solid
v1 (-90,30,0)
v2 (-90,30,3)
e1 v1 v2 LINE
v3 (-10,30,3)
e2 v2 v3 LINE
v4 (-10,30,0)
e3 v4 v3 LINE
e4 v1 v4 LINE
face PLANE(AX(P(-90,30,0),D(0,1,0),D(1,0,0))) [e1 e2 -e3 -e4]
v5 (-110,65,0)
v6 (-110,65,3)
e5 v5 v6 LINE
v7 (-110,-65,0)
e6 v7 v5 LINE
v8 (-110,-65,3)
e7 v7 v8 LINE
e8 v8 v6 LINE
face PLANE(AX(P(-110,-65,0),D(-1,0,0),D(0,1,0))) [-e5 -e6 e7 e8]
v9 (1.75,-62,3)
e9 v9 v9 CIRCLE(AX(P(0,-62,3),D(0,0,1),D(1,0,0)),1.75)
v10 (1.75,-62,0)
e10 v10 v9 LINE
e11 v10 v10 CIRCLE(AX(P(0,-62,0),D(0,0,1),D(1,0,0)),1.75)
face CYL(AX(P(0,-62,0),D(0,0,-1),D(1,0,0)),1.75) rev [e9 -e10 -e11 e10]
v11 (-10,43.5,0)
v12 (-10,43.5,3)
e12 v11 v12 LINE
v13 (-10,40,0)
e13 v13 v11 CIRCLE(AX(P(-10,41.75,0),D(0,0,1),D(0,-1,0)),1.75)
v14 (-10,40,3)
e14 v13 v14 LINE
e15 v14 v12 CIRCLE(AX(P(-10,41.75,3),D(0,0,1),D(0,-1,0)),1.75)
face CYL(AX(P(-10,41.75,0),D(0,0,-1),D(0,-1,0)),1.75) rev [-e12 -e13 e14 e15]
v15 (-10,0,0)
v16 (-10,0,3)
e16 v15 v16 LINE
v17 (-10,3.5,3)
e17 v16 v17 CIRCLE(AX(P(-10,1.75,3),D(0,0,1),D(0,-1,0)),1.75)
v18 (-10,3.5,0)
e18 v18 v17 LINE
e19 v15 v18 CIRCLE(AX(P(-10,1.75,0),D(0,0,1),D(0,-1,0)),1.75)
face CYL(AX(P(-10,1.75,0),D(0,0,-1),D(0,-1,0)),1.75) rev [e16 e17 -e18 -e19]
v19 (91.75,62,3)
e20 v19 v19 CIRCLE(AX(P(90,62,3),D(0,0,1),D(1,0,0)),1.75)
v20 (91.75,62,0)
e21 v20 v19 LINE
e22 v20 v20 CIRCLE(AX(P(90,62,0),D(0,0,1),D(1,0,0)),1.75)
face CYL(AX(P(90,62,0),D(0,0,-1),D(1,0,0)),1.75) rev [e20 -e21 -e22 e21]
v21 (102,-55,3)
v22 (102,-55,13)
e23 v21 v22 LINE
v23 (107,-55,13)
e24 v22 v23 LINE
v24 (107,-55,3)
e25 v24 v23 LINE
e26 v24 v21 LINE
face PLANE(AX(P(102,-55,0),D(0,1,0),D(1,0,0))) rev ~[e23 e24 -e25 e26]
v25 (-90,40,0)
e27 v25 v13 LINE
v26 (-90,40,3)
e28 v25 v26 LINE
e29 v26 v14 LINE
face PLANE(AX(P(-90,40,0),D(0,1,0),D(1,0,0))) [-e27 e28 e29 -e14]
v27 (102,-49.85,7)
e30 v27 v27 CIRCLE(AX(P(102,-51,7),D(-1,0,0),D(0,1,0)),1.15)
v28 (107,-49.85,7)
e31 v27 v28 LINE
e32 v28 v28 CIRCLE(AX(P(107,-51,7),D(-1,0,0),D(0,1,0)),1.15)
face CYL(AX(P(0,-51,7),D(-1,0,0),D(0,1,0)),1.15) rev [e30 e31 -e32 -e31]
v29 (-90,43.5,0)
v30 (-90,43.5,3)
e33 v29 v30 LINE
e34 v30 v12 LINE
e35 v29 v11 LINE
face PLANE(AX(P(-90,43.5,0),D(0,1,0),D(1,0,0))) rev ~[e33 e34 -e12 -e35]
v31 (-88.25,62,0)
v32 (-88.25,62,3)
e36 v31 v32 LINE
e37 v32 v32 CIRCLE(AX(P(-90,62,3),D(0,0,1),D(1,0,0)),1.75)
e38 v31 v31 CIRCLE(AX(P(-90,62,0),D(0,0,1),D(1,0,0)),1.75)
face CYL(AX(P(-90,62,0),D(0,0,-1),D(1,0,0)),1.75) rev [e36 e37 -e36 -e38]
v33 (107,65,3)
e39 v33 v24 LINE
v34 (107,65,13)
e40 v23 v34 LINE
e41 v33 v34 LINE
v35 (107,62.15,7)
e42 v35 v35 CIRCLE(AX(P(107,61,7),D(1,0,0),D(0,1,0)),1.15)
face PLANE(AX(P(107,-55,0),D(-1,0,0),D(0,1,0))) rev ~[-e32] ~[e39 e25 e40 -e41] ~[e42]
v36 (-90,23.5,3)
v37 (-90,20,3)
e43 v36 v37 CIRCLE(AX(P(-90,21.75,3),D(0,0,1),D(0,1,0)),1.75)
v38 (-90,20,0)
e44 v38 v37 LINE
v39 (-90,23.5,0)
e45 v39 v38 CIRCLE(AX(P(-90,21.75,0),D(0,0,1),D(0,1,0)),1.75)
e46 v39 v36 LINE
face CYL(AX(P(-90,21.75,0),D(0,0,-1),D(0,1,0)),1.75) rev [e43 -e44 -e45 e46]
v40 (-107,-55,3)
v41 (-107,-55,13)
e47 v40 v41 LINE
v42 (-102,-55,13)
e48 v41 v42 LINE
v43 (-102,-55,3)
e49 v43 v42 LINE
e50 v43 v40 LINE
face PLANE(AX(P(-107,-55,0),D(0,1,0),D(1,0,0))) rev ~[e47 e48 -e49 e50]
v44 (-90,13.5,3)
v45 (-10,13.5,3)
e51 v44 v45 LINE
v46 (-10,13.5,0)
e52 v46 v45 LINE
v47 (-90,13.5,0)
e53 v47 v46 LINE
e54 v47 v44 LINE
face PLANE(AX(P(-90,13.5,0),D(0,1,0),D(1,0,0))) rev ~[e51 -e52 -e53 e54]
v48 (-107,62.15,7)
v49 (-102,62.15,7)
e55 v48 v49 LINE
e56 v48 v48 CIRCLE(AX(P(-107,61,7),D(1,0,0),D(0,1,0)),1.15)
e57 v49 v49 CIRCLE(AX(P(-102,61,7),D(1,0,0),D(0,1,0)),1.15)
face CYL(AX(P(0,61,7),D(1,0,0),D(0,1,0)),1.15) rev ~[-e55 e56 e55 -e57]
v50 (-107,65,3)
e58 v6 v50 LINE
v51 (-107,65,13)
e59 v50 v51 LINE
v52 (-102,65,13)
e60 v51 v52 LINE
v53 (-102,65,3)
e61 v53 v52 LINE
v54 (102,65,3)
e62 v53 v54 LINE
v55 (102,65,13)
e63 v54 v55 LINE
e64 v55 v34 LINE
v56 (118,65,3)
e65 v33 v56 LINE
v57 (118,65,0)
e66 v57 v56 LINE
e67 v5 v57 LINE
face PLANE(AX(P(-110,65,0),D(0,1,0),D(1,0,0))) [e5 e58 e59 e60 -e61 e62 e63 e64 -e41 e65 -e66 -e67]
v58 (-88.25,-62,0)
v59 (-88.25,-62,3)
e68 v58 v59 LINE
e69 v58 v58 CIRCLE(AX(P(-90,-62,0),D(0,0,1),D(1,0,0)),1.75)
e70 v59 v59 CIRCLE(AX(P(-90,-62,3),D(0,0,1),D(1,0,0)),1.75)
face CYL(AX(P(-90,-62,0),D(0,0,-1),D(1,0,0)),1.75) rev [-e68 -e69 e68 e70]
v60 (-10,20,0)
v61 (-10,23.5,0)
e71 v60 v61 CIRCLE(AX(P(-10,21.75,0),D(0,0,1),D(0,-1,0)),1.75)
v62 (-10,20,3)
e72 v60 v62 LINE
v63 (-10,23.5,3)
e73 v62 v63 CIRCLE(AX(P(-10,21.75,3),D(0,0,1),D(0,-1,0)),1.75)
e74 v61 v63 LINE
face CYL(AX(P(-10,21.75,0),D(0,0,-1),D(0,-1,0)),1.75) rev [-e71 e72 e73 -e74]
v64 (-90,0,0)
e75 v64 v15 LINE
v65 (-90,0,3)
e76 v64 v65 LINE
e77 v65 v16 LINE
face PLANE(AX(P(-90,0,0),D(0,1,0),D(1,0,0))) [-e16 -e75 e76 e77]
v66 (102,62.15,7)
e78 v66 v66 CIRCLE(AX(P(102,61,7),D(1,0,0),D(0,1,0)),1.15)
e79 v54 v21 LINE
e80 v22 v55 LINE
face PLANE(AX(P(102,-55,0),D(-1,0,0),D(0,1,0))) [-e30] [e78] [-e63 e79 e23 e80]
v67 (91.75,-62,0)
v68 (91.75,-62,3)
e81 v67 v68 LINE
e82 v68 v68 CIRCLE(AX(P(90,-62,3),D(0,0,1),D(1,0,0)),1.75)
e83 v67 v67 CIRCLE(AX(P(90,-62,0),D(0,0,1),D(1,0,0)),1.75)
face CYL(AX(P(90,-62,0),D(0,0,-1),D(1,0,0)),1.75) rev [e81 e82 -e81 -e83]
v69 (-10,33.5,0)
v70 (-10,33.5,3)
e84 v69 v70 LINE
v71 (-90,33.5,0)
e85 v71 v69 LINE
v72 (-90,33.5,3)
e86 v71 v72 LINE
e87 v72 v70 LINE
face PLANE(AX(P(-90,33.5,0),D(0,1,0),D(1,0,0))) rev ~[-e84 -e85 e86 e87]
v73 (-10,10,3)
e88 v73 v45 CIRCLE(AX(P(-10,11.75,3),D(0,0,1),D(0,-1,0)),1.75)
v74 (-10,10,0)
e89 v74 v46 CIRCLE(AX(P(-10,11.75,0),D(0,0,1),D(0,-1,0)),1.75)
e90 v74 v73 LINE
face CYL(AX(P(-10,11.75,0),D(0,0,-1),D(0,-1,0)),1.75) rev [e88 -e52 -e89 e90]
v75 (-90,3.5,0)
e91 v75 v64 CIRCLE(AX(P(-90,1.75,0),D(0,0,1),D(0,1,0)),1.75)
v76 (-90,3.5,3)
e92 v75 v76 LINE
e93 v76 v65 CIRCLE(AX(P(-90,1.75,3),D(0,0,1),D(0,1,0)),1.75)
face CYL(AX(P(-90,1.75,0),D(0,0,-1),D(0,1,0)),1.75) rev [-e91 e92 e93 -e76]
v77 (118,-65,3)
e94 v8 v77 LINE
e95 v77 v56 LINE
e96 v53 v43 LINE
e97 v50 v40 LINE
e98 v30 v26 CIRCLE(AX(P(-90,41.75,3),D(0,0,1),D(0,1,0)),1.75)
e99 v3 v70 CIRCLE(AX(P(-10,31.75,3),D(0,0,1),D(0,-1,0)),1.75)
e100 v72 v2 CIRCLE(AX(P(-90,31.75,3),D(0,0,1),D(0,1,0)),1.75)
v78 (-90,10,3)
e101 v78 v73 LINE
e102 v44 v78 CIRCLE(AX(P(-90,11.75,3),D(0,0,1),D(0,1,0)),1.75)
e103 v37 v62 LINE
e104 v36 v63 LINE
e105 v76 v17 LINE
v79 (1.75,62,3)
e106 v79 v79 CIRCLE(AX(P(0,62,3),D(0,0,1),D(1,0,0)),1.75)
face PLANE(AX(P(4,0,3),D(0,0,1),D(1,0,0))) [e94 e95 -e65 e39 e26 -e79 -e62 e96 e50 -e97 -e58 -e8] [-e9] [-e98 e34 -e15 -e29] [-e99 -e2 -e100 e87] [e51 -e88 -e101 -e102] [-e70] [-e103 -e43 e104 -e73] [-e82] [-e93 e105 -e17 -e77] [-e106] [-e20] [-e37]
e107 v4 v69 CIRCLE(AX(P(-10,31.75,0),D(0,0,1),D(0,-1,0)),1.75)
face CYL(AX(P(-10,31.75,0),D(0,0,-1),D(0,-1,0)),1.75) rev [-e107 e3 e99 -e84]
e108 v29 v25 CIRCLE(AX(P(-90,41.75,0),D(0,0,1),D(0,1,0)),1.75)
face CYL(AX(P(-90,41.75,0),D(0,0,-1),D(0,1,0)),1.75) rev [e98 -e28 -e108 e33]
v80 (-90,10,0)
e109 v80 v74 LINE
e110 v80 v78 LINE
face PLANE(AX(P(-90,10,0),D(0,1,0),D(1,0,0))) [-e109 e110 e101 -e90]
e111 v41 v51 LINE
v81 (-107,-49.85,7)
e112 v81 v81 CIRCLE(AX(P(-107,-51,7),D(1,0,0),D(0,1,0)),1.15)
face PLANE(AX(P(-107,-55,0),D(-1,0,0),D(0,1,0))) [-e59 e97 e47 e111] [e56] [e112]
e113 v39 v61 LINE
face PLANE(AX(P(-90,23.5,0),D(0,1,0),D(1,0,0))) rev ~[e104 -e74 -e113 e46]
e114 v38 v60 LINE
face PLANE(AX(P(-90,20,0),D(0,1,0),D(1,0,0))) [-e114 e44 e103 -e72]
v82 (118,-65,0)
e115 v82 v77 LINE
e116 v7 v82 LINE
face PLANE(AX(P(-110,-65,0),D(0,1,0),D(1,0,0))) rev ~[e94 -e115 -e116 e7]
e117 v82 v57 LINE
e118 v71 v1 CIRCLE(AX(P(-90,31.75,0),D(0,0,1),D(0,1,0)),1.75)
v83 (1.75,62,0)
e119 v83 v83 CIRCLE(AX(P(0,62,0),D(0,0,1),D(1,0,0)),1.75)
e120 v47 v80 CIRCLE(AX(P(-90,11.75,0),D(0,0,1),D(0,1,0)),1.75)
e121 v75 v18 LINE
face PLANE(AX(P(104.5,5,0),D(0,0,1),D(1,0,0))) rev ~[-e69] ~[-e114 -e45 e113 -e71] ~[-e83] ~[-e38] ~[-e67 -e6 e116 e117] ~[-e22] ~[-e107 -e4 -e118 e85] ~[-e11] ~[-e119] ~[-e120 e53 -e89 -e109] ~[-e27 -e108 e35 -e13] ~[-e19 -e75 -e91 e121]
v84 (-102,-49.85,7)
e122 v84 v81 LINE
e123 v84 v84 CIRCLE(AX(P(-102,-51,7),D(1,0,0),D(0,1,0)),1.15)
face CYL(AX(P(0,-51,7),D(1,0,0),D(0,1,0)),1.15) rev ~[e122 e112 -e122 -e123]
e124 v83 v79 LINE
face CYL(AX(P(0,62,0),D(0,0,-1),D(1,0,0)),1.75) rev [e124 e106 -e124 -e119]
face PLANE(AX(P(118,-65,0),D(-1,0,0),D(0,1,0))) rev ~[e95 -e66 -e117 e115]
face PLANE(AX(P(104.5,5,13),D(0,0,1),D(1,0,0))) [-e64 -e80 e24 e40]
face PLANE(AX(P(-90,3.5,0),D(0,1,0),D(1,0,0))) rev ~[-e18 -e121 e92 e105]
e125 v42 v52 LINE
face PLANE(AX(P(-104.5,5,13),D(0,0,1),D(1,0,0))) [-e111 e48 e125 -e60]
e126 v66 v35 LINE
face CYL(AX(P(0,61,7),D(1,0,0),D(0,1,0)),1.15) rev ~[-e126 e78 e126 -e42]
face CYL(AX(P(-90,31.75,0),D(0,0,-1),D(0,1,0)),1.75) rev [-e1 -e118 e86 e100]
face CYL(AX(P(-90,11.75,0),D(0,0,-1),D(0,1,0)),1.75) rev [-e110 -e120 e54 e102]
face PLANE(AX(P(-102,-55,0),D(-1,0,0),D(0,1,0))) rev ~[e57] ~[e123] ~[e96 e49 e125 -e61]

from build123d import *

# Parameters (mm, degrees)
SKETCH_W     = 228
SKETCH_H     = 130
SKETCH_R     = 1.75
PAD_DEPTH    = 3
SKETCH001_W  = 5
SKETCH001_H  = 120
PAD001_DEPTH = 13
SKETCH002_R  = 1.15
POCKET_DEPTH = 112.5


with BuildPart() as part:
    # Sketch → Pad (new body)
    with BuildSketch(Plane.XY):
        with Locations((4, 0)):
            Rectangle(SKETCH_W, SKETCH_H)
        with Locations((-90, 62)):
            Circle(SKETCH_R, mode=Mode.SUBTRACT)
        with Locations((0, 62)):
            Circle(SKETCH_R, mode=Mode.SUBTRACT)
        with Locations((90, 62)):
            Circle(SKETCH_R, mode=Mode.SUBTRACT)
        with Locations((-90, -62)):
            Circle(SKETCH_R, mode=Mode.SUBTRACT)
        with Locations((0, -62)):
            Circle(SKETCH_R, mode=Mode.SUBTRACT)
        with Locations((90, -62)):
            Circle(SKETCH_R, mode=Mode.SUBTRACT)
        with BuildLine():
            ThreePointArc((-90, 43.5), (-91.75, 41.75), (-90, 40))
            Line((-90, 40), (-10, 40))
            ThreePointArc((-10, 40), (-8.25, 41.75), (-10, 43.5))
            Line((-90, 43.5), (-10, 43.5))
        make_face(mode=Mode.SUBTRACT)
        with BuildLine():
            ThreePointArc((-90, 33.5), (-91.75, 31.75), (-90, 30))
            Line((-90, 30), (-10, 30))
            ThreePointArc((-10, 30), (-8.25, 31.75), (-10, 33.5))
            Line((-90, 33.5), (-10, 33.5))
        make_face(mode=Mode.SUBTRACT)
        with BuildLine():
            ThreePointArc((-90, 23.5), (-91.75, 21.75), (-90, 20))
            Line((-90, 20), (-10, 20))
            ThreePointArc((-10, 20), (-8.25, 21.75), (-10, 23.5))
            Line((-90, 23.5), (-10, 23.5))
        make_face(mode=Mode.SUBTRACT)
        with BuildLine():
            ThreePointArc((-90, 13.5), (-91.75, 11.75), (-90, 10))
            Line((-90, 10), (-10, 10))
            ThreePointArc((-10, 10), (-8.25, 11.75), (-10, 13.5))
            Line((-90, 13.5), (-10, 13.5))
        make_face(mode=Mode.SUBTRACT)
        with BuildLine():
            ThreePointArc((-90, 3.5), (-91.75, 1.75), (-90, 0))
            Line((-90, 0), (-10, 0))
            ThreePointArc((-10, 0), (-8.25, 1.75), (-10, 3.5))
            Line((-90, 3.5), (-10, 3.5))
        make_face(mode=Mode.SUBTRACT)
    extrude(amount=PAD_DEPTH)

    # Sketch001 → Pad001 (join)
    with BuildSketch(Plane.XY):
        with Locations((104.5, 5)):
            Rectangle(SKETCH001_W, SKETCH001_H)
        with Locations((-104.5, 5)):
            Rectangle(SKETCH001_W, SKETCH001_H)
    extrude(amount=PAD001_DEPTH)

    # Sketch002 → Pocket (cut, symmetric)
    with BuildSketch(Plane.YZ):
        with Locations((-51, 7)):
            Circle(SKETCH002_R)
        with Locations((61, 7)):
            Circle(SKETCH002_R)
    extrude(amount=POCKET_DEPTH, both=True, mode=Mode.SUBTRACT)


solid = part.part
